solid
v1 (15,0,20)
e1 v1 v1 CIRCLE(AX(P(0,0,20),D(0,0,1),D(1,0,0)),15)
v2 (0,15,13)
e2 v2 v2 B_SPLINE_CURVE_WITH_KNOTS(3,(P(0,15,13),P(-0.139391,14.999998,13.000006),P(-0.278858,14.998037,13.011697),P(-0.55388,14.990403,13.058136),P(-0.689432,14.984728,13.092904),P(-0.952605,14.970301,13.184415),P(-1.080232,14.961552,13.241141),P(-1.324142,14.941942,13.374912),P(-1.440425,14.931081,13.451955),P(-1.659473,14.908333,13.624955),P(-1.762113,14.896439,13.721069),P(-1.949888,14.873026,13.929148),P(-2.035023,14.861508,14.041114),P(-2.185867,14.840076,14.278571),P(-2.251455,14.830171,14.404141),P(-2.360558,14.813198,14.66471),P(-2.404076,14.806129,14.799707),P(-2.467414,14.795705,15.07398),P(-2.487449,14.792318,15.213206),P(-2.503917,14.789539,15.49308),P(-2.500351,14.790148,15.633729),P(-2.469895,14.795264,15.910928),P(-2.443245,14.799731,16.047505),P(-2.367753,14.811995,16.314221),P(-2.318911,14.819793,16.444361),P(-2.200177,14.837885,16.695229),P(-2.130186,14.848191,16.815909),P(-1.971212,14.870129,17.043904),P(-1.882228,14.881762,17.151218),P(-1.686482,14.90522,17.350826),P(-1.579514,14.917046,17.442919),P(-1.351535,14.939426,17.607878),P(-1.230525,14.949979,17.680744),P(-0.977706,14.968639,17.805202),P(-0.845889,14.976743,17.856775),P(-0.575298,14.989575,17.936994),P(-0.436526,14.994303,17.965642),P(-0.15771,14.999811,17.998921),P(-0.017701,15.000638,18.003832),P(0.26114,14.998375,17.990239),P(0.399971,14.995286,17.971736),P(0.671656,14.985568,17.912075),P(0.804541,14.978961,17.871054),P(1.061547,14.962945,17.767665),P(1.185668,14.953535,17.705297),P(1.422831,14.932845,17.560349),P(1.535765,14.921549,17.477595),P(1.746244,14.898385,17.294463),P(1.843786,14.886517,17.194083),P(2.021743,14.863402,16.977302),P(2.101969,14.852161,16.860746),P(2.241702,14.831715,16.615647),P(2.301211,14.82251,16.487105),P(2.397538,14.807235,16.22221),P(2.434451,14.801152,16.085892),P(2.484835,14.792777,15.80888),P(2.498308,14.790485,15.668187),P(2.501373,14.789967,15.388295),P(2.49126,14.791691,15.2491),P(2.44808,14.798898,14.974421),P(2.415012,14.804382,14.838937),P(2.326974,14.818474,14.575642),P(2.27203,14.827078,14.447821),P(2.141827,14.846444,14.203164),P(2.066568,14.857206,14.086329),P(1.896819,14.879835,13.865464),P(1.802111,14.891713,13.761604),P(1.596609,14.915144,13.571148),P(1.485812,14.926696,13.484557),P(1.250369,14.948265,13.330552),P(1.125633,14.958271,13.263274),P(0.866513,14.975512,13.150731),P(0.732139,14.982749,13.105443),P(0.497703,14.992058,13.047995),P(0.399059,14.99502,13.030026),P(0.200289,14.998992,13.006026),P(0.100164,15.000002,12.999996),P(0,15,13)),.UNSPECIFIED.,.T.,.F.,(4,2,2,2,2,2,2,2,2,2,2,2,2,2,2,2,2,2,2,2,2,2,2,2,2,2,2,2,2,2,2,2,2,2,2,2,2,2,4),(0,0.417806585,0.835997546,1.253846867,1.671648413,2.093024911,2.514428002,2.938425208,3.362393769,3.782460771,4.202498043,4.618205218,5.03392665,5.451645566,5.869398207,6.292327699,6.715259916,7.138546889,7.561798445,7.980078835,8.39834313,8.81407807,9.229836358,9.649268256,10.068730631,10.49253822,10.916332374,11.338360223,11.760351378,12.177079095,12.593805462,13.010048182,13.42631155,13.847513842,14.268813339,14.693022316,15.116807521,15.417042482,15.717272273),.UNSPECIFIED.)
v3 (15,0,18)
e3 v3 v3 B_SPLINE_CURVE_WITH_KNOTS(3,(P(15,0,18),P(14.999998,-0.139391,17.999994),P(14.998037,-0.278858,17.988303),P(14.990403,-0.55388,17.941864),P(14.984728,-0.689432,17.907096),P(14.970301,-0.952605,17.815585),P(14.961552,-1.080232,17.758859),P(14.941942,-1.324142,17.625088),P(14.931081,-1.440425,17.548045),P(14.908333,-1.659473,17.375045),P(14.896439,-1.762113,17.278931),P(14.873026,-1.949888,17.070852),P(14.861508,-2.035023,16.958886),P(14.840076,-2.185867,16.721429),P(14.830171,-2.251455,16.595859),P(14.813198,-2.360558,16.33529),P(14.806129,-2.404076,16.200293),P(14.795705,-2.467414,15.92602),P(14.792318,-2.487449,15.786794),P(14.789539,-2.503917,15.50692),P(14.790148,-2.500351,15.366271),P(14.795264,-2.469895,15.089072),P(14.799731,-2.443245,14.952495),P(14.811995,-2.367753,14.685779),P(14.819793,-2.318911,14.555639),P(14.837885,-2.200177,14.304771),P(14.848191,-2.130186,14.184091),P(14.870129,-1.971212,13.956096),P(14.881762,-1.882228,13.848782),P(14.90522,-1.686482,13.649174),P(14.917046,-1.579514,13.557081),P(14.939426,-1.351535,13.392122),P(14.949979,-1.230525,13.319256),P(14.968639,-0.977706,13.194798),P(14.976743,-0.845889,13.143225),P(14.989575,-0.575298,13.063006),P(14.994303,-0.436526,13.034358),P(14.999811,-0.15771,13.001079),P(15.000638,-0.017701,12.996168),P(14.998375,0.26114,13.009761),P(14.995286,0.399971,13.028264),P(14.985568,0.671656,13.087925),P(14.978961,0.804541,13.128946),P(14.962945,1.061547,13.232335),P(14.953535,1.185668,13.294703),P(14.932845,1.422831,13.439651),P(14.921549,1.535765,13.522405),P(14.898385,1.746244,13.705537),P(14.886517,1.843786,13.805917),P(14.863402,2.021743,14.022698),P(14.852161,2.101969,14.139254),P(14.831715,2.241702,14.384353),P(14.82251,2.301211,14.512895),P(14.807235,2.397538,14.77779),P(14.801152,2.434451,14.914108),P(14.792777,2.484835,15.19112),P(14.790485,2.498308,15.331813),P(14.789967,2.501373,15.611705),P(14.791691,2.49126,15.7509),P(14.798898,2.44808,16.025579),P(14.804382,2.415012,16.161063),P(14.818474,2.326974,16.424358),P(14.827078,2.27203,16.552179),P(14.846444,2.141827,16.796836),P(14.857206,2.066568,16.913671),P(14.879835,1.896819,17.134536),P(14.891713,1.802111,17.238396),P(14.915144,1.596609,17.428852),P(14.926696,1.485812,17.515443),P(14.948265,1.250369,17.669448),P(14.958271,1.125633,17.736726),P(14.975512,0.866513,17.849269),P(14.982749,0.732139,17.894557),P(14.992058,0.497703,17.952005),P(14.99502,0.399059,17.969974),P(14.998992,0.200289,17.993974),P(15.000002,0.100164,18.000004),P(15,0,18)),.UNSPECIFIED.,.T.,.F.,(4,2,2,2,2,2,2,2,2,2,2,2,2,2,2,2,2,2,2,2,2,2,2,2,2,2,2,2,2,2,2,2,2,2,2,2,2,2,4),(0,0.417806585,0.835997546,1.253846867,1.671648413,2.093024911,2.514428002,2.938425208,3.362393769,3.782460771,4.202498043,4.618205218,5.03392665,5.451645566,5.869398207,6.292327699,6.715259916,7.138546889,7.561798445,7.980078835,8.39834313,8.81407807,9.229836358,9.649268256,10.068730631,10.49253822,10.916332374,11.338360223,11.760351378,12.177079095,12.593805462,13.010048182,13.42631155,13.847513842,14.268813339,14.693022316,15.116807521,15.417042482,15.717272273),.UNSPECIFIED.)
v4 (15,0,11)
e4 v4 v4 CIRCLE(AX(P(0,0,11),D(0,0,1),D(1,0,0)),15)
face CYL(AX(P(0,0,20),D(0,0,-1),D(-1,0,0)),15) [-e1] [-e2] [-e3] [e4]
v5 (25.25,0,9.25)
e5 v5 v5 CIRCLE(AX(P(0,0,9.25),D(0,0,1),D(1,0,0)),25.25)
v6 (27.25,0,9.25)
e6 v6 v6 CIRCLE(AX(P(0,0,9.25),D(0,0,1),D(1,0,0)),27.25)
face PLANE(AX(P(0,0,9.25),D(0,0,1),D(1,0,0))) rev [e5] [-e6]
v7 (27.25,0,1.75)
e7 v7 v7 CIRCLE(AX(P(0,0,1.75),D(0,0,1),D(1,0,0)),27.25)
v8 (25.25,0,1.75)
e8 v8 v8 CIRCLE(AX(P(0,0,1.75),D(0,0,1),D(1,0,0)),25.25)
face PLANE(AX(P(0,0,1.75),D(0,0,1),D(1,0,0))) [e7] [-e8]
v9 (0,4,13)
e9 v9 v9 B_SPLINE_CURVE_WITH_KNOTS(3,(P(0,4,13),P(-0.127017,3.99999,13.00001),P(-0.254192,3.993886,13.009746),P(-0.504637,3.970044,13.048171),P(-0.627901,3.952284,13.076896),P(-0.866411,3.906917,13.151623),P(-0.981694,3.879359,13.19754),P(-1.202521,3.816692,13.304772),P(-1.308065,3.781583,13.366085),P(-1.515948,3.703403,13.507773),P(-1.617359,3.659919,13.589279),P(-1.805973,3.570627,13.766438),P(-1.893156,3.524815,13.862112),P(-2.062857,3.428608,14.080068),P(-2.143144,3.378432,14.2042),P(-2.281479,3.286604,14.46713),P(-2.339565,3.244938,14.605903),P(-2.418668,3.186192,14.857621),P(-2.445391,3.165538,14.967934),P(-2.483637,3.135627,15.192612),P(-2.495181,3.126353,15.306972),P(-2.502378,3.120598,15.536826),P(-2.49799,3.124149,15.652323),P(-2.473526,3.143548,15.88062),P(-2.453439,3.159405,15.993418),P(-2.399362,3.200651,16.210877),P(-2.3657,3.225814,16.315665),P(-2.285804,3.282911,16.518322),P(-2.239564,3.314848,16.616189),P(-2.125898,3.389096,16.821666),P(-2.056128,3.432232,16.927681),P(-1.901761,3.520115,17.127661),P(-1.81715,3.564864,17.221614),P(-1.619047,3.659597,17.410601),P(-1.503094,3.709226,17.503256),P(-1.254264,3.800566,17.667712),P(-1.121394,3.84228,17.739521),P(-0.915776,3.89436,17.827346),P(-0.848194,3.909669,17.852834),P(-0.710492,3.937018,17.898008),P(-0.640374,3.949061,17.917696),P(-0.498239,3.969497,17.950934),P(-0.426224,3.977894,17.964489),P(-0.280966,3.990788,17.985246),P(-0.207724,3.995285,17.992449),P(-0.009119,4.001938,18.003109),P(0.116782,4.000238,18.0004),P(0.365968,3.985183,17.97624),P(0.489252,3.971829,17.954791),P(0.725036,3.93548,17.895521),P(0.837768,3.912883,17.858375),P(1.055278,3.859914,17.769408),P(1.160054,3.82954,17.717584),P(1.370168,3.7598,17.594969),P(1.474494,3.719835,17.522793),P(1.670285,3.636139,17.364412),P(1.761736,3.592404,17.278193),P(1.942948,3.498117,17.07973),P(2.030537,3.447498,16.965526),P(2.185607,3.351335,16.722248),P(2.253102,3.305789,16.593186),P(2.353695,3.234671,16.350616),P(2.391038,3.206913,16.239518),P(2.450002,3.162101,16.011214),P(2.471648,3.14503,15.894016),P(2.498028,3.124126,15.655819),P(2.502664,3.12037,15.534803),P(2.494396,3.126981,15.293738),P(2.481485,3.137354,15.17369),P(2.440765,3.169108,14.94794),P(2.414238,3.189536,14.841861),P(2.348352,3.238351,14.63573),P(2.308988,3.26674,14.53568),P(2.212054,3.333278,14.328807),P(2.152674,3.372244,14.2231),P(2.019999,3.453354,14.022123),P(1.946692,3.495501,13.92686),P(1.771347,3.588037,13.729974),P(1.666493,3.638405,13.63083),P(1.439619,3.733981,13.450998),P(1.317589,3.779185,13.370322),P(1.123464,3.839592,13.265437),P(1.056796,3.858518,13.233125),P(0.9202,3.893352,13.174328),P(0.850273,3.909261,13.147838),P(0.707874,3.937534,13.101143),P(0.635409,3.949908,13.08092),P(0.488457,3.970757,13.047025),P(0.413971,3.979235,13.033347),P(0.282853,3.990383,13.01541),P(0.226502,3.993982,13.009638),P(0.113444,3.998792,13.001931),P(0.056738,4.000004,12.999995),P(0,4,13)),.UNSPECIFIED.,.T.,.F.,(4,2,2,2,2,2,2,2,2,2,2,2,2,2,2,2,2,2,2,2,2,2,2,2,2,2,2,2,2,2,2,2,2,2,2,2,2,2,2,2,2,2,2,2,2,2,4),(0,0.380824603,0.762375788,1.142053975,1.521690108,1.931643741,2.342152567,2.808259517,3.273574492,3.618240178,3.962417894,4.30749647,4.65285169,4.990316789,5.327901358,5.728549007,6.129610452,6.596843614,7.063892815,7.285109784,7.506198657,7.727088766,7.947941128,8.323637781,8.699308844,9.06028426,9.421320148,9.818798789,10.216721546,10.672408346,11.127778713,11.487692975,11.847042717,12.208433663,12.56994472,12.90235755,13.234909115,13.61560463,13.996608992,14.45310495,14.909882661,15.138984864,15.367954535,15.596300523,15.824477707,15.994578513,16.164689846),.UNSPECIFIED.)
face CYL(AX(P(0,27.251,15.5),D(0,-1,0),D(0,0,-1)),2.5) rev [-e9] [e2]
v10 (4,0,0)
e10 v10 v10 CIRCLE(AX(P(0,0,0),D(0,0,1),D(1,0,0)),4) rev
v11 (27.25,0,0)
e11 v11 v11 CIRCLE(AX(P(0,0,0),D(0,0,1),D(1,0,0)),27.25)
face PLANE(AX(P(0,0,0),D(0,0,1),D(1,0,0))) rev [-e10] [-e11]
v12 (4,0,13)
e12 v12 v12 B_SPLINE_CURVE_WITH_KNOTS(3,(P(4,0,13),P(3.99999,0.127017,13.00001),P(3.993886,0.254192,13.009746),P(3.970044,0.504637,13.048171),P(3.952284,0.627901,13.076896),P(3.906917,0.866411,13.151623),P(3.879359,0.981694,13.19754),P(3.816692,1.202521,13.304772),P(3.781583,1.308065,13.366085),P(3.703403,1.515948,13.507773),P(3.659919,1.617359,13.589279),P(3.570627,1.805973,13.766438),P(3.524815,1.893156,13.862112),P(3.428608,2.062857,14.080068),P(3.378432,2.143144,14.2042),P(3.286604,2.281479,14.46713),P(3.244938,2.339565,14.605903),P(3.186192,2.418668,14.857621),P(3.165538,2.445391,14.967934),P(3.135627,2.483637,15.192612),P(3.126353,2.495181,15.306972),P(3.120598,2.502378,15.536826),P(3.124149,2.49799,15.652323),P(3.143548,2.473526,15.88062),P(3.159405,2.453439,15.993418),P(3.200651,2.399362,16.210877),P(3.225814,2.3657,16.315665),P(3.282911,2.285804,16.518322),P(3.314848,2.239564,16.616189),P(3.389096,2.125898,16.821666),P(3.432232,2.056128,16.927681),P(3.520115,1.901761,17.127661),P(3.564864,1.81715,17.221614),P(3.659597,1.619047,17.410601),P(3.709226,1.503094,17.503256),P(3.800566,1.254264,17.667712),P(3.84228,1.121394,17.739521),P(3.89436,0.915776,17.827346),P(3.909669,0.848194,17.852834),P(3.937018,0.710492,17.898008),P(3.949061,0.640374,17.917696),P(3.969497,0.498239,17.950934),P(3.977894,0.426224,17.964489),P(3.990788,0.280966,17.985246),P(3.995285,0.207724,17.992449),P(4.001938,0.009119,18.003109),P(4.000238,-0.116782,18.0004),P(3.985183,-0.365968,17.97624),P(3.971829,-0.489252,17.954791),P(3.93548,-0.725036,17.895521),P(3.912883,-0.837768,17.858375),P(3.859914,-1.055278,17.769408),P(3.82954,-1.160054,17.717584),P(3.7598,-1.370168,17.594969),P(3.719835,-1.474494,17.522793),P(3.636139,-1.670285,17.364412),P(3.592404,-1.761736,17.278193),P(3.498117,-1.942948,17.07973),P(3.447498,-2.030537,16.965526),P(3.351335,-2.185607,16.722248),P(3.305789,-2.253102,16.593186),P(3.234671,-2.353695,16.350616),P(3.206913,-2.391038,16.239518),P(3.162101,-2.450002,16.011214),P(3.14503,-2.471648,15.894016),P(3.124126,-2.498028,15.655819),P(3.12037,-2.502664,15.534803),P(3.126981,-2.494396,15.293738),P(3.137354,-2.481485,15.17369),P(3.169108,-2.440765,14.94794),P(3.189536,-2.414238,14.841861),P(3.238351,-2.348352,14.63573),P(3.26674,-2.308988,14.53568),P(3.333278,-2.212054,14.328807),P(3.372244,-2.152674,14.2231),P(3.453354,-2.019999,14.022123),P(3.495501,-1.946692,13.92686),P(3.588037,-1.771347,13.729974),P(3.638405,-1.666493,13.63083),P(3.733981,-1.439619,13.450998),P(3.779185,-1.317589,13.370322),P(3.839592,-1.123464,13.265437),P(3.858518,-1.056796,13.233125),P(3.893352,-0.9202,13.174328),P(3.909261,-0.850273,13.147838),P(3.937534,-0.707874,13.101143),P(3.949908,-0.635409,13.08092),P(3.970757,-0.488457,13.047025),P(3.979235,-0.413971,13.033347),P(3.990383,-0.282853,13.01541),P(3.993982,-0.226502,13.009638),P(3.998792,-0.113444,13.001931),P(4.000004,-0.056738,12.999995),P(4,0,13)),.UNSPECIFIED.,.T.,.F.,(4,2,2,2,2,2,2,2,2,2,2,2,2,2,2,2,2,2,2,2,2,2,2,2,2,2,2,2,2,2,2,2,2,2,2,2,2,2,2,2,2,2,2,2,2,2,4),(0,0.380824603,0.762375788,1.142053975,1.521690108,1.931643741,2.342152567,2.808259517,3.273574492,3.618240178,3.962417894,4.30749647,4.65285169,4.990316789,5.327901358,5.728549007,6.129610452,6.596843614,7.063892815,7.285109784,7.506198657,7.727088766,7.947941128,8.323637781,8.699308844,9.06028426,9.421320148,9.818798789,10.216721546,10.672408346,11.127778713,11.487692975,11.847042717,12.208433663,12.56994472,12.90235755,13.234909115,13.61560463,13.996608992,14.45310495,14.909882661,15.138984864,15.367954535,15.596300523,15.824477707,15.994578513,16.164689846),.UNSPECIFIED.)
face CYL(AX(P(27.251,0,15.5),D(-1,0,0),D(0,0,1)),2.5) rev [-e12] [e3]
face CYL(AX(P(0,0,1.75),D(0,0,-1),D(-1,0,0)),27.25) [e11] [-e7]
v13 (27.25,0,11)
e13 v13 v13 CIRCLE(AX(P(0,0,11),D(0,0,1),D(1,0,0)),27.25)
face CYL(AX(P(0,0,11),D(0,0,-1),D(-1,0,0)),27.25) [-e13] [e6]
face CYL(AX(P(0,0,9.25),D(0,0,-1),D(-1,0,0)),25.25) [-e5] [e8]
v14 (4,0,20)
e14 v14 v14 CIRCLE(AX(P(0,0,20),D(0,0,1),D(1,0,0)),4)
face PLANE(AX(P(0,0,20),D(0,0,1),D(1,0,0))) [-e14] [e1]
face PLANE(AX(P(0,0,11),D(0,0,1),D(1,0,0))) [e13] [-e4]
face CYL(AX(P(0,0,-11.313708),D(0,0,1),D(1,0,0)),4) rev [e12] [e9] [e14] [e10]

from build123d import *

# Parameters (mm, degrees)
SKETCH1_R               = 27.25
BOSS_EXTRUDE1_DEPTH     = 1.75
SKETCH2_R               = 25.25
BOSS_EXTRUDE2_DEPTH     = 7.5
SKETCH3_R               = 27.25
BOSS_EXTRUDE3_DEPTH     = 1.75
SKETCH4_R               = 15
BOSS_EXTRUDE4_DEPTH     = 9
SKETCH6_R               = 4
CUT_EXTRUDE1_DEPTH      = 20
CUT_EXTRUDE2_REACH      = 45.418
CUT_EXTRUDE2_END_RADIUS = 15
SKETCH7_R               = 2.5
CUT_EXTRUDE3_REACH      = 45.418
CUT_EXTRUDE3_END_RADIUS = 15
SKETCH8_R               = 2.5


with BuildPart() as part:
    # Sketch1 → Boss-Extrude1 (new body)
    with BuildSketch(Plane.XY):
        Circle(SKETCH1_R)
    extrude(amount=BOSS_EXTRUDE1_DEPTH)

    # Sketch2 → Boss-Extrude2 (add)
    with BuildSketch(Plane.XY.offset(1.75)):
        Circle(SKETCH2_R)
    extrude(amount=BOSS_EXTRUDE2_DEPTH)

    # Sketch3 → Boss-Extrude3 (add)
    with BuildSketch(Plane.XY.offset(9.25)):
        Circle(SKETCH3_R)
    extrude(amount=BOSS_EXTRUDE3_DEPTH)

    # Sketch4 → Boss-Extrude4 (add)
    with BuildSketch(Plane.XY.offset(11)):
        Circle(SKETCH4_R)
    extrude(amount=BOSS_EXTRUDE4_DEPTH)

    # Sketch6 → Cut-Extrude1 (cut)
    with BuildSketch(Plane.XY.offset(20)):
        Circle(SKETCH6_R)
    extrude(amount=-CUT_EXTRUDE1_DEPTH, mode=Mode.SUBTRACT)

    # Cut-Extrude2: up to this cylinder (the profile starts inside it)
    cut_extrude2_end = Plane(origin=(0, 0, 15.5), z_dir=(0, 0, -1)) * Cylinder(CUT_EXTRUDE2_END_RADIUS, 121.836, mode=Mode.PRIVATE)
    # Sketch7 → Cut-Extrude2 (cut, up to the surface)
    with BuildSketch(Plane.ZY, mode=Mode.PRIVATE) as cut_extrude2_sk1:
        with Locations((15.5, 0)):
            Circle(SKETCH7_R)
    cut_extrude2_tool1 = extrude(cut_extrude2_sk1.sketch, amount=-CUT_EXTRUDE2_REACH, mode=Mode.PRIVATE) & cut_extrude2_end
    add(cut_extrude2_tool1.solids().sort_by_distance((0, 0, 15.5))[0], mode=Mode.SUBTRACT)

    # Cut-Extrude3: up to this cylinder (the profile starts inside it)
    cut_extrude3_end = Plane(origin=(0, 0, 15.5), z_dir=(0, 0, -1)) * Cylinder(CUT_EXTRUDE3_END_RADIUS, 121.836, mode=Mode.PRIVATE)
    # Sketch8 → Cut-Extrude3 (cut, up to the surface)
    with BuildSketch(Plane(origin=(0, 0, 0), x_dir=(0, 0, 1), z_dir=(0, -1, 0)), mode=Mode.PRIVATE) as cut_extrude3_sk1:
        with Locations(Location((15.5, 0, 0), (0, 0, 180))):
            Circle(SKETCH8_R)
    cut_extrude3_tool1 = extrude(cut_extrude3_sk1.sketch, amount=-CUT_EXTRUDE3_REACH, mode=Mode.PRIVATE) & cut_extrude3_end
    add(cut_extrude3_tool1.solids().sort_by_distance((0, 0, 15.5))[0], mode=Mode.SUBTRACT)


solid = part.part
